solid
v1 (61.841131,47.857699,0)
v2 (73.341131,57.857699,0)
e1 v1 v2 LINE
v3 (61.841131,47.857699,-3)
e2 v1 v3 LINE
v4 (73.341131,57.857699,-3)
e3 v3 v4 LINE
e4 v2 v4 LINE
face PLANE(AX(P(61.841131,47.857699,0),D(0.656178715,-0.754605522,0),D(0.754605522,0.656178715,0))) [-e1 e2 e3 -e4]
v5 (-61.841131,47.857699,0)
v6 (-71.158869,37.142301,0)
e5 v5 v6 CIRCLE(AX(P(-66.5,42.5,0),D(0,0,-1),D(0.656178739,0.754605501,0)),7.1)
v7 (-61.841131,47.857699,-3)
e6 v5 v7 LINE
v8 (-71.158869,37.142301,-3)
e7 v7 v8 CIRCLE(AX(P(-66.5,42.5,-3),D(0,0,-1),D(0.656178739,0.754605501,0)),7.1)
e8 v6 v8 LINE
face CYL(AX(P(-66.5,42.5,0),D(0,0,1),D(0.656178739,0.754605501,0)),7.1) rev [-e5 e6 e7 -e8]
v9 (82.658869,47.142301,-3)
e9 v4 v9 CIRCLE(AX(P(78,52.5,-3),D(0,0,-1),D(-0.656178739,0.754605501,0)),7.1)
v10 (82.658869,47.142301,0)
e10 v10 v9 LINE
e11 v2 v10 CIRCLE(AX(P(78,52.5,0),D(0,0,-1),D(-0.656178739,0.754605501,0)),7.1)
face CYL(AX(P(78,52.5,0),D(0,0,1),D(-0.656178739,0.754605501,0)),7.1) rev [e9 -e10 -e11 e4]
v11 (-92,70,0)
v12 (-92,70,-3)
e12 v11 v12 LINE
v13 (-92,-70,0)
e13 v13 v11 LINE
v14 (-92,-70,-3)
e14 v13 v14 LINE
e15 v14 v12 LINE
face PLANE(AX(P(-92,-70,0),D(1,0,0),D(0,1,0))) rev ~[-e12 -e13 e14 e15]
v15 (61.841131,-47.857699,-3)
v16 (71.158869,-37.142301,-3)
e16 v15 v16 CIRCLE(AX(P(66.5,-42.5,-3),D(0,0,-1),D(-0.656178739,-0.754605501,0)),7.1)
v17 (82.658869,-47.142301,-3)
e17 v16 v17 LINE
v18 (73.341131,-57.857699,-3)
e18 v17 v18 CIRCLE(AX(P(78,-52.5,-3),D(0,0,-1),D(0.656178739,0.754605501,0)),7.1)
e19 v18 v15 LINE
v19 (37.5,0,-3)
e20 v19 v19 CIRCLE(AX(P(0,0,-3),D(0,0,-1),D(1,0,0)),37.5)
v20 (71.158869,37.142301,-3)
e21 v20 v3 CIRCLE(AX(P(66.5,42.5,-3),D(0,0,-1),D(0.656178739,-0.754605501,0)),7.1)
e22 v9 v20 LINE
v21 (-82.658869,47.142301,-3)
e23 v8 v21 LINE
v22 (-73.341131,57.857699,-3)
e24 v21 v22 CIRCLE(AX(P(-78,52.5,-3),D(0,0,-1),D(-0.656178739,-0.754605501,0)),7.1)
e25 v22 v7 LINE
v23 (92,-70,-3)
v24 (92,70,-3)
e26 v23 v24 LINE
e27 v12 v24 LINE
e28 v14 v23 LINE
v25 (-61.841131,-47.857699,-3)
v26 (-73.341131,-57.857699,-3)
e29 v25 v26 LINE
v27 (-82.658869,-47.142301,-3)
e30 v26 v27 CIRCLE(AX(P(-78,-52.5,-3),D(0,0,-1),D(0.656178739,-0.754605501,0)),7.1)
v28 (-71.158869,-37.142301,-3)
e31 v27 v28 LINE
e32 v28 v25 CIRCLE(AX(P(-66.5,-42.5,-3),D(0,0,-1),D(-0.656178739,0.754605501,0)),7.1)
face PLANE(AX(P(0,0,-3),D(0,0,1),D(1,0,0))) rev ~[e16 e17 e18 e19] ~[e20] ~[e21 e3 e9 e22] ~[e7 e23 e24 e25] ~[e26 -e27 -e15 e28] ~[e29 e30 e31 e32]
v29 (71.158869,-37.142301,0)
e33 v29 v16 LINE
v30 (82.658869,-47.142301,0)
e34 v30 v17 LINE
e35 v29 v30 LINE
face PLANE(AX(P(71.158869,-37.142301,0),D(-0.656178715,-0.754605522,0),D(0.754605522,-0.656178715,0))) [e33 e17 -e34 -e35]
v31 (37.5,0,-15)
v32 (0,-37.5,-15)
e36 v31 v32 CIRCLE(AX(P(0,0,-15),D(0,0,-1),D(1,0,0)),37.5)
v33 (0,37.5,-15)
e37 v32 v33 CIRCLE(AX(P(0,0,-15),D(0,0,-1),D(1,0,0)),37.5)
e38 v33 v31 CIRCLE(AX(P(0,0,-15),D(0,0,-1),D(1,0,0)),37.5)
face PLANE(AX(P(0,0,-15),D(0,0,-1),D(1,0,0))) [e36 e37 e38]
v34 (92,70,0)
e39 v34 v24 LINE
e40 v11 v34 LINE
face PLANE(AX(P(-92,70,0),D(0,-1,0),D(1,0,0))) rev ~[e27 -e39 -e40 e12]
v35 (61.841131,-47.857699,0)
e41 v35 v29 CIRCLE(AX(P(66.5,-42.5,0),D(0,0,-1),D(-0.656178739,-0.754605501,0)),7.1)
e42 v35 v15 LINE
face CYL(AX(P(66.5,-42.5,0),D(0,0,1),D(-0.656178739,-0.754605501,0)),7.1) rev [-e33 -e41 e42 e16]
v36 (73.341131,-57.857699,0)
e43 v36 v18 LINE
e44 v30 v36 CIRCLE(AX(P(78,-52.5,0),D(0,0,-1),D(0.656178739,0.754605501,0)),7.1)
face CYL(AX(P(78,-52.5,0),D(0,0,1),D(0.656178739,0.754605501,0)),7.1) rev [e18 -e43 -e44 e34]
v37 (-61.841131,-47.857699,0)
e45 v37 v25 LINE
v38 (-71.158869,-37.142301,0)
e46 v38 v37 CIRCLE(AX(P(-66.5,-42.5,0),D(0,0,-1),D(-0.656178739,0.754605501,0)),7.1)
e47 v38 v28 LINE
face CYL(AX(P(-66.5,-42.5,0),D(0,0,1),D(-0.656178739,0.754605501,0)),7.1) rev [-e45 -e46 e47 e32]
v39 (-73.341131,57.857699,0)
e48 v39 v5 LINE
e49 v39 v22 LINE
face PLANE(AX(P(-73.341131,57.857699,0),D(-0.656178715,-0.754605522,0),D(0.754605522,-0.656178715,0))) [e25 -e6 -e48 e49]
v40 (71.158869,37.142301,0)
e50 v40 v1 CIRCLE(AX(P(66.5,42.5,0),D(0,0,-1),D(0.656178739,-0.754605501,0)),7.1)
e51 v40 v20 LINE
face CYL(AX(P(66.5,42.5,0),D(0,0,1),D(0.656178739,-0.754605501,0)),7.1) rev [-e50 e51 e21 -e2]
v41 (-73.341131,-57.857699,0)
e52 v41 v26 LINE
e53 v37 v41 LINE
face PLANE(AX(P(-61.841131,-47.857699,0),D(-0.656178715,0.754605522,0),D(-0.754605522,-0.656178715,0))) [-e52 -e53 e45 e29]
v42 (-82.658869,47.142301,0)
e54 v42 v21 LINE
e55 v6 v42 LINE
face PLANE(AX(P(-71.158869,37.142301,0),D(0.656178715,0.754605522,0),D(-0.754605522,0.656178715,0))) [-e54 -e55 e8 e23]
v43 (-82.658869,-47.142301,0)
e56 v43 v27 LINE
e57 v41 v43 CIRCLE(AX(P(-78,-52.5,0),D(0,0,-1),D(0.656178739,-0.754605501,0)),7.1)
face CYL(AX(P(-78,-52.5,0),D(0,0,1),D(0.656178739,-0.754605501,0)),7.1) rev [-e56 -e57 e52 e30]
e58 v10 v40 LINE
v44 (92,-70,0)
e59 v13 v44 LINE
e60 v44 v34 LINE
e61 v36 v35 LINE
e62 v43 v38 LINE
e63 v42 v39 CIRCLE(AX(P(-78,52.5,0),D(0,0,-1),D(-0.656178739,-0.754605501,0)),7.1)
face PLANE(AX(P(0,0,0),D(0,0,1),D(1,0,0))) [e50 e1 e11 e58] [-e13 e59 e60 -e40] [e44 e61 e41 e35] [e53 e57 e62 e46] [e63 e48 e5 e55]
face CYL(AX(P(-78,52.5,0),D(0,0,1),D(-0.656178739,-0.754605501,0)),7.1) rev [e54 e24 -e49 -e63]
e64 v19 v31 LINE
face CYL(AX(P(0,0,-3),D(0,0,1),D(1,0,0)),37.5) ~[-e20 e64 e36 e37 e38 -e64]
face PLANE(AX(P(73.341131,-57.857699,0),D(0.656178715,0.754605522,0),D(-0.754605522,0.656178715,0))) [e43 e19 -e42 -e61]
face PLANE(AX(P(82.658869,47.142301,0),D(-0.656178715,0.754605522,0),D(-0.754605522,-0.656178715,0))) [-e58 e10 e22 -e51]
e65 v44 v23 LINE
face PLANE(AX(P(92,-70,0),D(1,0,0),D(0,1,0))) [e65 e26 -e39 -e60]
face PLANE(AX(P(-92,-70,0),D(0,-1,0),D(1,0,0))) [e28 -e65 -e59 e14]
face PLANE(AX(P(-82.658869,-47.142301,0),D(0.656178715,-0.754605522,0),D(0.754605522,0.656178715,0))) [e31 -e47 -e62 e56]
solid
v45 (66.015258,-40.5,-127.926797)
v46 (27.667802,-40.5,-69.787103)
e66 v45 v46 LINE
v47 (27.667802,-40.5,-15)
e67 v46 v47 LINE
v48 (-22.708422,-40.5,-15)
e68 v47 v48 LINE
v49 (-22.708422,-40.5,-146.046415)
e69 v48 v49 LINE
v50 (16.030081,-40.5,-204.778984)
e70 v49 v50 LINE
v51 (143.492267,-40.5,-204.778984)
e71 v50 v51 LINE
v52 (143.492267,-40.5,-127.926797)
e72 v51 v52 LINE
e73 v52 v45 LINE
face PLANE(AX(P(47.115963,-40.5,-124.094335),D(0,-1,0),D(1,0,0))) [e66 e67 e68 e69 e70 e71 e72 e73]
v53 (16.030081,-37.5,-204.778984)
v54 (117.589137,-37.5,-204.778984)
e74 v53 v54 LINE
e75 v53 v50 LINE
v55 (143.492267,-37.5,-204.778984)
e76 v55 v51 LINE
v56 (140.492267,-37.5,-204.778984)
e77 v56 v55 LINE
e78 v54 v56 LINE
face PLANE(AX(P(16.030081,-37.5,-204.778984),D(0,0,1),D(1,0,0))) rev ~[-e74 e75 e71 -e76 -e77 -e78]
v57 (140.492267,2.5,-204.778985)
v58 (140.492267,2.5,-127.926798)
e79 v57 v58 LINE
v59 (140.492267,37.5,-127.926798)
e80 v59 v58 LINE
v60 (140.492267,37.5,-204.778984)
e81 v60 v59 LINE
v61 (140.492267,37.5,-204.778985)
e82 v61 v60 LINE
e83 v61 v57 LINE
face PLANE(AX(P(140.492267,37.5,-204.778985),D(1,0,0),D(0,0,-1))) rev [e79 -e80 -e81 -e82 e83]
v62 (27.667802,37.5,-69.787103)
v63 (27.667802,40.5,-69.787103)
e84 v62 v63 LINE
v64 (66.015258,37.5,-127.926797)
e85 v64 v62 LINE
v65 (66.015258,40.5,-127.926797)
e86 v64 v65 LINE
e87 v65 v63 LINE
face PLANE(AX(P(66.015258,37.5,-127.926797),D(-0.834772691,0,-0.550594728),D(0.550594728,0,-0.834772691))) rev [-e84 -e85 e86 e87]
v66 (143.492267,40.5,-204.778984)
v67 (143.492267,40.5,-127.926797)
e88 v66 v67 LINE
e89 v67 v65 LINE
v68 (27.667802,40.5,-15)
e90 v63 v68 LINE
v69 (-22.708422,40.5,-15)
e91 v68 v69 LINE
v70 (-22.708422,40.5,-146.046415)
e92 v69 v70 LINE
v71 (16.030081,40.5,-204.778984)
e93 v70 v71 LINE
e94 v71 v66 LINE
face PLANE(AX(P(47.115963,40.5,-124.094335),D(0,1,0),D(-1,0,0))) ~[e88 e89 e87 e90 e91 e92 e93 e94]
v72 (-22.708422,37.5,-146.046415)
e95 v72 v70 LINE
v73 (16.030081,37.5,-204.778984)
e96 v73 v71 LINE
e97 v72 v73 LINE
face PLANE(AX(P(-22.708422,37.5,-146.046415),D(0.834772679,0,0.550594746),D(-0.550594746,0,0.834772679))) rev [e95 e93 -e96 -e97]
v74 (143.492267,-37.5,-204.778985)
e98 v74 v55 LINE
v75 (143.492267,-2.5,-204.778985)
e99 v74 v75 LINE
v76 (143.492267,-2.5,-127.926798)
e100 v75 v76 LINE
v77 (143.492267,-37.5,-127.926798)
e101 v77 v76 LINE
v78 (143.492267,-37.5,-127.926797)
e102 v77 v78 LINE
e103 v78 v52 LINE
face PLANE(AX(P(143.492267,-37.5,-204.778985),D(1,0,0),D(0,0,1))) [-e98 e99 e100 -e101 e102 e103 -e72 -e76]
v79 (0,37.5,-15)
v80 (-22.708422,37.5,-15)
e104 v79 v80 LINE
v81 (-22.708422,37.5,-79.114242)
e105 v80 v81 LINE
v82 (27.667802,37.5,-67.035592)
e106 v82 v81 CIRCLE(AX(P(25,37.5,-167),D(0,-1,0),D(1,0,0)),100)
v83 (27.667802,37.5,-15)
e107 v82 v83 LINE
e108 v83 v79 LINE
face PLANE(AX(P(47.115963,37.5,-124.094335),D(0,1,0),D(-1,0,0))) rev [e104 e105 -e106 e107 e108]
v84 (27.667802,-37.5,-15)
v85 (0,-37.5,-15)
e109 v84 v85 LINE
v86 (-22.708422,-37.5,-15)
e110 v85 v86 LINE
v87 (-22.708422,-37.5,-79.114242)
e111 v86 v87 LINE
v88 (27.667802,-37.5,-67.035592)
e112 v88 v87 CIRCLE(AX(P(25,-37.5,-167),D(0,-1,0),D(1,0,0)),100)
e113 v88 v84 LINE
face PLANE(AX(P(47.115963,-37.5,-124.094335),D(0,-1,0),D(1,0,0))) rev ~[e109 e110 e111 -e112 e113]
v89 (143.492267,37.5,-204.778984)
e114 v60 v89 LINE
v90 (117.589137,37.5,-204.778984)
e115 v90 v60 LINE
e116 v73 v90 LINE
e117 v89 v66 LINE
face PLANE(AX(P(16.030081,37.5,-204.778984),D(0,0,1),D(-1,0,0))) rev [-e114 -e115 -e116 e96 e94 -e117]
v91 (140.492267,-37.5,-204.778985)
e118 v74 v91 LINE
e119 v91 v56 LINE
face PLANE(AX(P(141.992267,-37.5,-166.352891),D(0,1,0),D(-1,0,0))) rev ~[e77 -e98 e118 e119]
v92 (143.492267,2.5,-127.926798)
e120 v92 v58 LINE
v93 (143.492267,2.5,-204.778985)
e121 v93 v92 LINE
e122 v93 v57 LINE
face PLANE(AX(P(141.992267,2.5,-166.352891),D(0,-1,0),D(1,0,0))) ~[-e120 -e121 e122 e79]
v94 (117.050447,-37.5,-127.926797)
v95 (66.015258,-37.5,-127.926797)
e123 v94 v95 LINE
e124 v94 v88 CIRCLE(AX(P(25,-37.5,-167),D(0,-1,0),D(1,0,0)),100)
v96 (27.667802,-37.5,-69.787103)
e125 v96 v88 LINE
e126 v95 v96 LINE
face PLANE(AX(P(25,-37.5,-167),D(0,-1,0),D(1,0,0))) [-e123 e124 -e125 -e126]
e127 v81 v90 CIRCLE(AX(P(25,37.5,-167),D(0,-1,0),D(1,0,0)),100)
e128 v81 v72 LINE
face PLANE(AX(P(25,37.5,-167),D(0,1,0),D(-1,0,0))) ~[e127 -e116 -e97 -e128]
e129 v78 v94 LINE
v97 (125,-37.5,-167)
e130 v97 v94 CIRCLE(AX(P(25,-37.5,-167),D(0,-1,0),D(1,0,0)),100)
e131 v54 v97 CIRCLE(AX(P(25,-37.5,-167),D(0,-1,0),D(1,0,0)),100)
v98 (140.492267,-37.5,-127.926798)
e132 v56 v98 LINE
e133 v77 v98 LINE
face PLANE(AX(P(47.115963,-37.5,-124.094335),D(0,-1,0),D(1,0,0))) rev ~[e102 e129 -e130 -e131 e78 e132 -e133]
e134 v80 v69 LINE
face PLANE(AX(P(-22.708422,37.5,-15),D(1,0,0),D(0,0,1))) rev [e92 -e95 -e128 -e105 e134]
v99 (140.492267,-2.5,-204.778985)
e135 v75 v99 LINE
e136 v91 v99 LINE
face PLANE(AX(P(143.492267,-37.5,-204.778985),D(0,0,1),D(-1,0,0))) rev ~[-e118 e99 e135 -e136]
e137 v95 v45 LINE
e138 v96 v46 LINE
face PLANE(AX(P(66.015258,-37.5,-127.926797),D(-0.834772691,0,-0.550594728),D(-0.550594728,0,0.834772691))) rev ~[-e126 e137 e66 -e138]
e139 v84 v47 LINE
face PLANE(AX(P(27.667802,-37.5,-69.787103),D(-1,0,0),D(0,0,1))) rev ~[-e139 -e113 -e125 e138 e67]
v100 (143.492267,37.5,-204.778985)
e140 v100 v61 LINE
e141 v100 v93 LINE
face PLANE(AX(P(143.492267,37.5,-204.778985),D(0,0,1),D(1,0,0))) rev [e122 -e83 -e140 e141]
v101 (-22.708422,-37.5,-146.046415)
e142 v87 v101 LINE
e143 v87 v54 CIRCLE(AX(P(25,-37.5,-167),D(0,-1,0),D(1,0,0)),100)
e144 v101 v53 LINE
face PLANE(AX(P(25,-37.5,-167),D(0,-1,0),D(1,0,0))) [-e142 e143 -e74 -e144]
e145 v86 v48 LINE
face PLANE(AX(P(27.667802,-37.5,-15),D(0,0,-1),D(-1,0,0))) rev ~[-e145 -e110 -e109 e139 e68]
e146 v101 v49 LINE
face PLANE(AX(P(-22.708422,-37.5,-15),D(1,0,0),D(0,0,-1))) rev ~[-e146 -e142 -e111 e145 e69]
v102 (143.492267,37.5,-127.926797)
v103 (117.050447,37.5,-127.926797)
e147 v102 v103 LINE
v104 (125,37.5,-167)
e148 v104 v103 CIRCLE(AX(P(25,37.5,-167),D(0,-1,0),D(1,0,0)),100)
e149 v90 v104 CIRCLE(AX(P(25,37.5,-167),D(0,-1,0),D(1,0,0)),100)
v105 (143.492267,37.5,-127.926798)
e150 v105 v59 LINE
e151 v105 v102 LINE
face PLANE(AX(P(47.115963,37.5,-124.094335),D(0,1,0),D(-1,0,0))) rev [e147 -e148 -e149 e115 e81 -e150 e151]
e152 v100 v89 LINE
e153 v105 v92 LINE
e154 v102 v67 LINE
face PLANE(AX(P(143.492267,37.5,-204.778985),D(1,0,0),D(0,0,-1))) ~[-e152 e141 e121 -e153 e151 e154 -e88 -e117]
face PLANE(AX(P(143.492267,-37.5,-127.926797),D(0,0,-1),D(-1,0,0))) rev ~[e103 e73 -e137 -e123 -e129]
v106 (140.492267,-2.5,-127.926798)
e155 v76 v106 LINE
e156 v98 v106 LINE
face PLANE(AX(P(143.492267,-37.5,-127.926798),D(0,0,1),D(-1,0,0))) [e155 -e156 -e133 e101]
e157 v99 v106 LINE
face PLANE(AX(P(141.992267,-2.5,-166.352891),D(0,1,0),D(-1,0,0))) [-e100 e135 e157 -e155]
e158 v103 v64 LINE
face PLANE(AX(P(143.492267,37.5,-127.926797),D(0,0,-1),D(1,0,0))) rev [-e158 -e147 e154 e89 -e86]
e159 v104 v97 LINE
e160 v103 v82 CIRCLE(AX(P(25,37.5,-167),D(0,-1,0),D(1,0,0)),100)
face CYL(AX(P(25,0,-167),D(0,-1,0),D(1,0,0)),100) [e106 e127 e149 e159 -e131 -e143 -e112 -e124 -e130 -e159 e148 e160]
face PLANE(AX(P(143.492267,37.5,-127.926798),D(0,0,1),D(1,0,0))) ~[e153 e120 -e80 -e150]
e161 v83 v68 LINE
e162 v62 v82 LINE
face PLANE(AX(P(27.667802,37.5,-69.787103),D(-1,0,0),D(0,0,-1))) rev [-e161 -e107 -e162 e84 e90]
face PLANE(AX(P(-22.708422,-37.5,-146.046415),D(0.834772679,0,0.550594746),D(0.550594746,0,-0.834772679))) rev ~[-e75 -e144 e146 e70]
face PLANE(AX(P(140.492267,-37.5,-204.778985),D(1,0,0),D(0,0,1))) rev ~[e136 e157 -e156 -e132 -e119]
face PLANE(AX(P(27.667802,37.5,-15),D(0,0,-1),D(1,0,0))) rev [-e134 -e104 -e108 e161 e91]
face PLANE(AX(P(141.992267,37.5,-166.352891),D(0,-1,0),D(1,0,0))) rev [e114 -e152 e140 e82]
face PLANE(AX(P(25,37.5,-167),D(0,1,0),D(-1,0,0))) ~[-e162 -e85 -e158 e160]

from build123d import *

# Parameters (mm, degrees)
F0_W      = 184
F0_H      = 140
F1_DEPTH  = 3
F2_R      = 37.5
F3_DEPTH  = 12
F6_R      = 100
F7_DEPTH  = 37.5
F9_DEPTH  = 3
F10_W     = 3
F10_H     = 76.852187
F11_DEPTH = 35


with BuildPart() as f1:
    # F0 (on Top) → F1 (new body)
    with BuildSketch(Plane.XY):
        Rectangle(F0_W, F0_H)
        with BuildLine():
            ThreePointArc((-71.158869, -37.142301), (-61.142301, -37.841131), (-61.841131, -47.857699))
            Line((-61.841131, -47.857699), (-73.341131, -57.857699))
            ThreePointArc((-73.341131, -57.857699), (-83.357699, -57.158869), (-82.658869, -47.142301))
            Line((-82.658869, -47.142301), (-71.158869, -37.142301))
        make_face(mode=Mode.SUBTRACT)
        with BuildLine():
            ThreePointArc((61.841131, -47.857699), (61.142301, -37.841131), (71.158869, -37.142301))
            Line((71.158869, -37.142301), (82.658869, -47.142301))
            ThreePointArc((82.658869, -47.142301), (83.357699, -57.158869), (73.341131, -57.857699))
            Line((73.341131, -57.857699), (61.841131, -47.857699))
        make_face(mode=Mode.SUBTRACT)
        with BuildLine():
            ThreePointArc((-82.658869, 47.142301), (-83.357699, 57.158869), (-73.341131, 57.857699))
            Line((-73.341131, 57.857699), (-61.841131, 47.857699))
            ThreePointArc((-61.841131, 47.857699), (-61.142301, 37.841131), (-71.158869, 37.142301))
            Line((-71.158869, 37.142301), (-82.658869, 47.142301))
        make_face(mode=Mode.SUBTRACT)
        with BuildLine():
            ThreePointArc((73.341131, 57.857699), (83.357699, 57.158869), (82.658869, 47.142301))
            Line((82.658869, 47.142301), (71.158869, 37.142301))
            ThreePointArc((71.158869, 37.142301), (61.142301, 37.841131), (61.841131, 47.857699))
            Line((61.841131, 47.857699), (73.341131, 57.857699))
        make_face(mode=Mode.SUBTRACT)
    extrude(amount=-F1_DEPTH)

    # F2 (on face) → F3 (join)
    with BuildSketch(Plane(origin=(0, 0, -3), x_dir=(1, 0, 0), z_dir=(0, 0, -1))):
        Circle(F2_R)
    extrude(amount=F3_DEPTH)



with BuildPart() as f7:
    # F6 (on Front) → F7 (new body, symmetric)
    with BuildSketch(Plane.XZ):
        with Locations((25, -167)):
            Circle(F6_R)
    extrude(amount=F7_DEPTH, both=True)


with BuildPart() as f1_1:
    add(f1.part)

    add(f7.part)  # F9 merges F7
    # F8 (on face) → F9 (join)
    with BuildSketch(Plane.XZ.offset(37.5)):
        Polygon((27.667802, -15), (-22.708422, -15), (-22.708422, -146.046415), (16.030081, -204.778984), (143.492267, -204.778984), (143.492267, -127.926797), (66.015258, -127.926797), (27.667802, -69.787103), align=None)
    extrude(amount=F9_DEPTH)

    # F10 (on face) → F11 (join)
    with BuildSketch(Plane(origin=(0, -37.5, 0), x_dir=(-1, 0, 0), z_dir=(0, 1, 0))):
        with Locations((-141.992267, -166.352891)):
            Rectangle(F10_W, F10_H)
    extrude(amount=F11_DEPTH)

    # F12: F1 across plane


with BuildPart() as f1_2:
    add(f1_1.part)
    add(f1_1.part.mirror(Plane.XZ))


solid = f1_2.part
